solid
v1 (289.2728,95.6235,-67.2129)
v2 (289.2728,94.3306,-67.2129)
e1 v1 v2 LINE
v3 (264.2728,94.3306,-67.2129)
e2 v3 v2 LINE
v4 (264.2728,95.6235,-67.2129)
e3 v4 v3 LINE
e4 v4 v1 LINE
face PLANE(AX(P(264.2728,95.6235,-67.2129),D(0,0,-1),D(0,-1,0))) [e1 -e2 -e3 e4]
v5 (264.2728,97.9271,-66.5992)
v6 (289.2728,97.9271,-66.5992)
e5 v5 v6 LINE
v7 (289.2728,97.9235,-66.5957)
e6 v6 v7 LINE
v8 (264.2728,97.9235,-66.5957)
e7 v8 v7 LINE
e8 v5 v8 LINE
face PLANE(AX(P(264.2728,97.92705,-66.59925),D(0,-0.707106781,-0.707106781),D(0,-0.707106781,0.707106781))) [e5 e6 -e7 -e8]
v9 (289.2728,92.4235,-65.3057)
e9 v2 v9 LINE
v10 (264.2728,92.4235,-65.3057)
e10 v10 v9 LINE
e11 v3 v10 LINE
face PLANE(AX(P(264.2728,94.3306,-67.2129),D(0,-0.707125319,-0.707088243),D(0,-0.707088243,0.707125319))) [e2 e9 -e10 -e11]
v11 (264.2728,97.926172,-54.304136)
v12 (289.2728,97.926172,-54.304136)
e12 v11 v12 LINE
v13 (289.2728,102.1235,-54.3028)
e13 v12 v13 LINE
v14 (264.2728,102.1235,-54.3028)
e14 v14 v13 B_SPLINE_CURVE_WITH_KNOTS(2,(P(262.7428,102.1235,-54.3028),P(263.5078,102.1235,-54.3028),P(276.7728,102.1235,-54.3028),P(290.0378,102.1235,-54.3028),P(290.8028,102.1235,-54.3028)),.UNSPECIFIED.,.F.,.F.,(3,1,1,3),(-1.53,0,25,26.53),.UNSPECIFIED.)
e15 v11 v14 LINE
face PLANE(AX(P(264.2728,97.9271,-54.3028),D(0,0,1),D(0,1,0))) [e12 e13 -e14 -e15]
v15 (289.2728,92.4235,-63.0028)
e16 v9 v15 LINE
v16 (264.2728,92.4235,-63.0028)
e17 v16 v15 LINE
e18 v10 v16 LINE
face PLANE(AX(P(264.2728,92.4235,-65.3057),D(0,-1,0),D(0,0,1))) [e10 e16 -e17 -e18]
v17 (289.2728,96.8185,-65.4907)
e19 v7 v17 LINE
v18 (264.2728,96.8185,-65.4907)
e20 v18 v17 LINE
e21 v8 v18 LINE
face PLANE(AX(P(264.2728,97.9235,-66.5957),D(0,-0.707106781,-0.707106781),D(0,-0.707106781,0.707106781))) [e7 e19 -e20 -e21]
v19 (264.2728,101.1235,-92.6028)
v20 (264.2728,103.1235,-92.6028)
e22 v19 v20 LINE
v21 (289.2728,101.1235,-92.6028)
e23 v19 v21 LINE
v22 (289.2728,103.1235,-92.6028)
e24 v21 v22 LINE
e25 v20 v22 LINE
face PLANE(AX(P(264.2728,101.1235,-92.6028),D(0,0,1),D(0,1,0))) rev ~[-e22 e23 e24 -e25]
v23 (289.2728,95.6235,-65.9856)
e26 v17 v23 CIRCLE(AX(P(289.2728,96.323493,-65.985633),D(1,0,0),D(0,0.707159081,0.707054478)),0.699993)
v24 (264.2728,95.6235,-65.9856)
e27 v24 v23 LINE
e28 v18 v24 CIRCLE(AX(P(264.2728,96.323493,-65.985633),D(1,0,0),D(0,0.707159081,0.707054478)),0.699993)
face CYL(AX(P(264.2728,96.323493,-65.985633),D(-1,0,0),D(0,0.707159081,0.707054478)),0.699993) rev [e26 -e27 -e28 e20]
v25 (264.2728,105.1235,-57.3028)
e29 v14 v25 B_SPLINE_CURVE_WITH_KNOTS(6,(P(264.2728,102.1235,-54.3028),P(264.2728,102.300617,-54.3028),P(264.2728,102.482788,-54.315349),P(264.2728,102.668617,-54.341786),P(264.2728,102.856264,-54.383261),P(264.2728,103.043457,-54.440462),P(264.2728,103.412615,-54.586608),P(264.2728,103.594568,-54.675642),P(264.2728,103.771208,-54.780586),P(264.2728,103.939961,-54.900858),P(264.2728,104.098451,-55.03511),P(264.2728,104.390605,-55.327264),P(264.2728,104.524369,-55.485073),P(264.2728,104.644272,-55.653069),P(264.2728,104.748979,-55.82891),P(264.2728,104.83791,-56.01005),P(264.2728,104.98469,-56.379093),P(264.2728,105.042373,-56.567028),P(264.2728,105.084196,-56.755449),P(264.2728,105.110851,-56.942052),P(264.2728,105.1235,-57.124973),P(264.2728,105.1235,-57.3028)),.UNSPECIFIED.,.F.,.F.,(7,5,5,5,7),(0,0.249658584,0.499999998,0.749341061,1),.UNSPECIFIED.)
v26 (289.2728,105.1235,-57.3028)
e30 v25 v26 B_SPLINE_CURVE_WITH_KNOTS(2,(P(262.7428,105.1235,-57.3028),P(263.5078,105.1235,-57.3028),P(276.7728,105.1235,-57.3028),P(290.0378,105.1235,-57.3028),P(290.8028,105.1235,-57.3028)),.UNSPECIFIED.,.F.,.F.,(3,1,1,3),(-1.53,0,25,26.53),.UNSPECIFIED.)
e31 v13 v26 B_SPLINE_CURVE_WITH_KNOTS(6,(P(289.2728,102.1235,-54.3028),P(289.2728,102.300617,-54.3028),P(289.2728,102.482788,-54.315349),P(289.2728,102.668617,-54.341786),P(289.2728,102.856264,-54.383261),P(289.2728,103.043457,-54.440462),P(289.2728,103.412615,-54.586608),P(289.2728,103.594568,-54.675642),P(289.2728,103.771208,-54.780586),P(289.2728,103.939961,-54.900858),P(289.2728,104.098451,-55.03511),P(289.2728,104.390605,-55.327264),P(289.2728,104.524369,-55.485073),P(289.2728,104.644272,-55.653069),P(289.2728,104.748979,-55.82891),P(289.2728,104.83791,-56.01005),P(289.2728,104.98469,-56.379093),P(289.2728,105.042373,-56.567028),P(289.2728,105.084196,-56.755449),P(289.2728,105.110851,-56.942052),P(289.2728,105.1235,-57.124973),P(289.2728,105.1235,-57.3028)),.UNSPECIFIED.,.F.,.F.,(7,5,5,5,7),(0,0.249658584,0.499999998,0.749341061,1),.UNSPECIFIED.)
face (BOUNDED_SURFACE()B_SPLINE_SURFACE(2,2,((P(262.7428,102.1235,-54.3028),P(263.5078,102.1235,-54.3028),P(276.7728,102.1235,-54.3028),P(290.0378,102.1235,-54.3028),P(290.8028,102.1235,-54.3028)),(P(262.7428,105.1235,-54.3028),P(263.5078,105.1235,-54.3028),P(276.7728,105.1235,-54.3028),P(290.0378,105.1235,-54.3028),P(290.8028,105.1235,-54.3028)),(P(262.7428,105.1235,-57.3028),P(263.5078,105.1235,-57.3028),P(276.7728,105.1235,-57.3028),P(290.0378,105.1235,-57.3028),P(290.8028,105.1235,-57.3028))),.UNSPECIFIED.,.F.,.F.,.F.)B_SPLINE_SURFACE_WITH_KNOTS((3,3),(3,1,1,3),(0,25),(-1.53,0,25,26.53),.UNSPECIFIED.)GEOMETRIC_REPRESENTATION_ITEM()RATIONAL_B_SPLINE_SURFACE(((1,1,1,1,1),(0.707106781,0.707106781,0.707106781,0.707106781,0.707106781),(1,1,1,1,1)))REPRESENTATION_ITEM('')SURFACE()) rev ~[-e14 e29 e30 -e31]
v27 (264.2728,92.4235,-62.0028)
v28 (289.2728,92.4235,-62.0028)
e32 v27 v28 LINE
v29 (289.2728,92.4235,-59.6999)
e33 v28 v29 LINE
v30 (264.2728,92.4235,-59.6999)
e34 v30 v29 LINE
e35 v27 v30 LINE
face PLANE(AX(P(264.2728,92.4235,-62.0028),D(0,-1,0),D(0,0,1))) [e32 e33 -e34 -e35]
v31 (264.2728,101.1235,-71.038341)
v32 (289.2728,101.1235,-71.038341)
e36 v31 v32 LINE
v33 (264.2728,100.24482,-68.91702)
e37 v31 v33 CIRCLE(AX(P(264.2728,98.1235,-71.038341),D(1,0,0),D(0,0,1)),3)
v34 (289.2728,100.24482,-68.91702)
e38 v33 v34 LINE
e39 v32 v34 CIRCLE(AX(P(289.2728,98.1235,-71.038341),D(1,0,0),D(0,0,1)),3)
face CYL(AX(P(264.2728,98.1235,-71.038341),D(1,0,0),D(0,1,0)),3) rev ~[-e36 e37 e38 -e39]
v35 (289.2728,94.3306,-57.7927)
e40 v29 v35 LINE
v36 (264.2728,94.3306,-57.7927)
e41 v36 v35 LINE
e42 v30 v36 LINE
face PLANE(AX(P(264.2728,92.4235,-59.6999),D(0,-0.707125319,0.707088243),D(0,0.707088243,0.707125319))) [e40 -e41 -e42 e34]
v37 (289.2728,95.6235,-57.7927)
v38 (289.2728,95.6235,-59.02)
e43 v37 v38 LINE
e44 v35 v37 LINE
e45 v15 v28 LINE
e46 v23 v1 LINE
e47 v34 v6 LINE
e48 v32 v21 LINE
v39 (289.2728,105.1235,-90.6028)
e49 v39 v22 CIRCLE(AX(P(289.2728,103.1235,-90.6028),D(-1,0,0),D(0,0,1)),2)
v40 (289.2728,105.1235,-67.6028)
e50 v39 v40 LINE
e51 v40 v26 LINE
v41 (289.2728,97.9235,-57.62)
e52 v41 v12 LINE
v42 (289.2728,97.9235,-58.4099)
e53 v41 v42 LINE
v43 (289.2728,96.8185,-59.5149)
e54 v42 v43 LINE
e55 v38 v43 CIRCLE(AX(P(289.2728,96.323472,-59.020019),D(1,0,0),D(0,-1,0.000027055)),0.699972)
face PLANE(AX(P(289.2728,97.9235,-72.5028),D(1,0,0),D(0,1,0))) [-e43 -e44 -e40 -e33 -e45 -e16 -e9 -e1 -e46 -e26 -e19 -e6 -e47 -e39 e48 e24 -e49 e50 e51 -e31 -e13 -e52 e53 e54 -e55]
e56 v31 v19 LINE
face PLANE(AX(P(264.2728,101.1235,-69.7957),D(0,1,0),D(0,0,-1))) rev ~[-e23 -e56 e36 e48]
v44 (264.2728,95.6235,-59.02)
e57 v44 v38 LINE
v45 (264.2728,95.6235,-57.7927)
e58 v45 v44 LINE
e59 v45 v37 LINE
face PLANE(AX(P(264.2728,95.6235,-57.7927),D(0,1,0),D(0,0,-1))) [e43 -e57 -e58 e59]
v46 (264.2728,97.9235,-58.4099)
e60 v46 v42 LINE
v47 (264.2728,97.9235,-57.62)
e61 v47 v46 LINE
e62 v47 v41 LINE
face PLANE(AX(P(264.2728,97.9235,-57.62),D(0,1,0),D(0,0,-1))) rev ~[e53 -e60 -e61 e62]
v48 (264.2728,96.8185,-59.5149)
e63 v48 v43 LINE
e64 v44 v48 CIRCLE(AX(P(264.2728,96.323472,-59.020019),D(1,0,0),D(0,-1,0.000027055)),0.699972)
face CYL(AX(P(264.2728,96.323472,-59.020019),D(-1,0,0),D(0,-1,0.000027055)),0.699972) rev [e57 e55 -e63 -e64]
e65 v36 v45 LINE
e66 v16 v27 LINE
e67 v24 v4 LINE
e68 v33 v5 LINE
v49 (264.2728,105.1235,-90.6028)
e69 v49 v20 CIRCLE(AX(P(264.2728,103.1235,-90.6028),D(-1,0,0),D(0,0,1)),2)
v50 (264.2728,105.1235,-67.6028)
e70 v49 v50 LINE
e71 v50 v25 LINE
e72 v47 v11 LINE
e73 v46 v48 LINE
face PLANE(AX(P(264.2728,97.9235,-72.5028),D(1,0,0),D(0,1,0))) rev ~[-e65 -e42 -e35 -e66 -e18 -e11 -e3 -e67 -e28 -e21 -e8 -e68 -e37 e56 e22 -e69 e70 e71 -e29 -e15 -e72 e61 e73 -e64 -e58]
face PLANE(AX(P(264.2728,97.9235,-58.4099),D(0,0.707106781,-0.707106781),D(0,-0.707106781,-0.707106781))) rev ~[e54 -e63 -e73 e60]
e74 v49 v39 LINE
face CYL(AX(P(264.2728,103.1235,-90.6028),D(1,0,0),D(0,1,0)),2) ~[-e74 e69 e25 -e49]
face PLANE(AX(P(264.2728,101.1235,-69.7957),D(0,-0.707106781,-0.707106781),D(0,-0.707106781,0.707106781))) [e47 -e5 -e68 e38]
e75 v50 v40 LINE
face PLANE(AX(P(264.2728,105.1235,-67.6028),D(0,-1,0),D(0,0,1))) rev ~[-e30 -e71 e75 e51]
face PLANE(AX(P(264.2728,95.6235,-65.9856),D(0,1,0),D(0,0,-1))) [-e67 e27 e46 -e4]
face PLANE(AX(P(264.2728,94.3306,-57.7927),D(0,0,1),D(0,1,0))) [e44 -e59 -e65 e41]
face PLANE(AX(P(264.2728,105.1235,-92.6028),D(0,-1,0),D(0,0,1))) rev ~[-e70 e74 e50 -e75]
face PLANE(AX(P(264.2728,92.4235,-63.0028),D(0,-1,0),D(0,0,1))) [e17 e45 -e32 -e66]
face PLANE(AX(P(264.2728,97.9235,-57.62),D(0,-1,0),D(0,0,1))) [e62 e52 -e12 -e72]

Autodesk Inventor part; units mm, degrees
ref_plane "YZ Plane" through (0, 0, 0) normal (1, 0, 0) x (0, 1, 0)
ref_plane "XZ Plane" through (0, 0, 0) normal (0, 1, 0) x (-1, 0, 0)
ref_plane "Work Plane3" through (264.2728, 97.9235, -72.5028) normal (1, 0, 0) x (0, 1, 0)
sketch "Sketch1" plane through (264.2728, 97.9235, -72.5028) normal (1, 0, 0) x (0, 1, 0)
  line L0 (-1.8, 13.4828) -> (-1.8, 15.2101) projected
  line L1 (-1.8, 15.2101) -> (-3.8, 15.2101) projected
  line L2 (-3.8, 15.2101) -> (-6, 13.0101) projected
  line L3 (-6, 13.0101) -> (-6, 10.5) projected
  line L4 (-6, 9.5) -> (-6, 6.9899) projected
  line L5 (-6, 6.9899) -> (-3.8, 4.7899) projected
  line L6 (-3.8, 4.7899) -> (-1.8, 4.7899) projected
  line L7 (-1.8, 4.7899) -> (-1.8, 6.5172) projected
  line L8 (-6, 9.5) -> (-6, 10.5)
  line L9 (-0.0586, 14.7414) -> (-1.4586, 13.3414) projected
  arc A0 (-1.8, 13.4828) -> (-1.4586, 13.3414) centre (-1.6, 13.4828) ccw projected
  arc A1 (-1.4586, 6.6586) -> (-1.8, 6.5172) centre (-1.6, 6.5172) ccw projected
  line L10 (-1.4586, 6.6586) -> (-0.0586, 5.2586) projected
  line L11 (3.2, 2.7071) -> (-1.105, 7.0121)
  arc A2 (-1.105, 7.0121) -> (-2.3, 6.5172) centre (-1.6, 6.5172) ccw
  line L12 (-2.3, 6.5172) -> (-2.3, 5.2899)
  line L13 (-2.3, 5.2899) -> (-3.5929, 5.2899)
  line L14 (-3.5929, 5.2899) -> (-5.5, 7.1971)
  line L15 (-5.5, 7.1971) -> (-5.5, 9.5)
  line L16 (-5.5, 9.5) -> (-5.5, 10.5)
  line L17 (-5.5, 10.5) -> (-5.5, 12.8029)
  line L18 (-5.5, 12.8029) -> (-3.5929, 14.7101)
  line L19 (-3.5929, 14.7101) -> (-2.3, 14.7101)
  line L20 (-2.3, 14.7101) -> (-2.3, 13.4828)
  arc A3 (-2.3, 13.4828) -> (-1.105, 12.9879) centre (-1.6, 13.4828) ccw
  arc A4 (-0.2, 0) -> (0, 0.2) centre (-0.2, 0.2) ccw projected
  line L21 (0, 0.2) -> (0, 5.1172) projected
  arc A5 (0, 5.1172) -> (-0.0586, 5.2586) centre (-0.2, 5.1172) ccw projected
  line L22 (-1.4586, 6.6586) -> (-0.0586, 5.2586) projected
  arc A6 (-1.4586, 6.6586) -> (-1.8, 6.5172) centre (-1.6, 6.5172) ccw projected
  line L23 (-1.8, 4.7899) -> (-1.8, 6.5172) projected
  line L24 (-3.8, 4.7899) -> (-1.8, 4.7899) projected
  line L25 (-6, 6.9899) -> (-3.8, 4.7899) projected
  line L26 (-6, 9.5) -> (-6, 6.9899) projected
  line L27 (-6.5, 10) -> (-6, 9.5) projected
  line L28 (-6, 10.5) -> (-6.5, 10) projected
  line L29 (-6, 13.0101) -> (-6, 10.5) projected
  line L30 (-3.8, 15.2101) -> (-6, 13.0101) projected
  line L31 (-1.8, 15.2101) -> (-3.8, 15.2101) projected
  line L32 (-1.8, 13.4828) -> (-1.8, 15.2101) projected
  arc A7 (-1.8, 13.4828) -> (-1.4586, 13.3414) centre (-1.6, 13.4828) ccw projected
  line L33 (-0.0586, 14.7414) -> (-1.4586, 13.3414) projected
  arc A8 (-0.0586, 14.7414) -> (0, 14.8828) centre (-0.2, 14.8828) ccw projected
  line L34 (0, 14.8828) -> (0, 19.8) projected
  arc A9 (0, 19.8) -> (-0.2, 20) centre (-0.2, 19.8) ccw projected
  line L35 (-0.2, 20) -> (-5.1172, 20) projected
  arc A10 (-5.1172, 20) -> (-5.2586, 19.9414) centre (-5.1172, 19.8) ccw projected
  line L36 (-6.6586, 18.5414) -> (-5.2586, 19.9414) projected
  arc A11 (-6.6586, 18.5414) -> (-6.5172, 18.2) centre (-6.5172, 18.4) ccw projected
  line L37 (-4.7899, 18.2) -> (-6.5172, 18.2) projected
  line L38 (-4.7899, 16.2) -> (-4.7899, 18.2) projected
  line L39 (-6.9899, 14) -> (-4.7899, 16.2) projected
  line L40 (-9.5, 14) -> (-6.9899, 14) projected
  line L41 (-10, 13.5) -> (-9.5, 14) projected
  line L42 (-10.5, 14) -> (-10, 13.5) projected
  line L43 (-13.0101, 14) -> (-10.5, 14) projected
  line L44 (-15.2101, 16.2) -> (-13.0101, 14) projected
  line L45 (-15.2101, 18.2) -> (-15.2101, 16.2) projected
  line L46 (-13.4828, 18.2) -> (-15.2101, 18.2) projected
  arc A12 (-13.4828, 18.2) -> (-13.3414, 18.5414) centre (-13.4828, 18.4) ccw projected
  line L47 (-14.7414, 19.9414) -> (-13.3414, 18.5414) projected
  arc A13 (-14.7414, 19.9414) -> (-14.8828, 20) centre (-14.8828, 19.8) ccw projected
  line L48 (-14.8828, 20) -> (-19.8, 20) projected
  arc A14 (-19.8, 20) -> (-20, 19.8) centre (-19.8, 19.8) ccw projected
  line L49 (-20, 14.8828) -> (-20, 19.8) projected
  arc A15 (-20, 14.8828) -> (-19.9414, 14.7414) centre (-19.8, 14.8828) ccw projected
  line L50 (-18.5414, 13.3414) -> (-19.9414, 14.7414) projected
  arc A16 (-18.5414, 13.3414) -> (-18.2, 13.4828) centre (-18.4, 13.4828) ccw projected
  line L51 (-18.2, 15.2101) -> (-18.2, 13.4828) projected
  line L52 (-16.2, 15.2101) -> (-18.2, 15.2101) projected
  line L53 (-14, 13.0101) -> (-16.2, 15.2101) projected
  line L54 (-14, 10.5) -> (-14, 13.0101) projected
  line L55 (-13.5, 10) -> (-14, 10.5) projected
  line L56 (-14, 9.5) -> (-13.5, 10) projected
  line L57 (-14, 6.9899) -> (-14, 9.5) projected
  line L58 (-16.2, 4.7899) -> (-14, 6.9899) projected
  line L59 (-18.2, 4.7899) -> (-16.2, 4.7899) projected
  line L60 (-18.2, 6.5172) -> (-18.2, 4.7899) projected
  arc A17 (-18.2, 6.5172) -> (-18.5414, 6.6586) centre (-18.4, 6.5172) ccw projected
  line L61 (-19.9414, 5.2586) -> (-18.5414, 6.6586) projected
  arc A18 (-19.9414, 5.2586) -> (-20, 5.1172) centre (-19.8, 5.1172) ccw projected
  line L62 (-20, 0.2) -> (-20, 5.1172) projected
  arc A19 (-20, 0.2) -> (-19.8, 0) centre (-19.8, 0.2) ccw projected
  line L63 (-14.8828, 0) -> (-19.8, 0) projected
  arc A20 (-14.8828, 0) -> (-14.7414, 0.0586) centre (-14.8828, 0.2) ccw projected
  line L64 (-13.3414, 1.4586) -> (-14.7414, 0.0586) projected
  arc A21 (-13.3414, 1.4586) -> (-13.4828, 1.8) centre (-13.4828, 1.6) ccw projected
  line L65 (-15.2101, 1.8) -> (-13.4828, 1.8) projected
  line L66 (-15.2101, 3.8) -> (-15.2101, 1.8) projected
  line L67 (-13.0101, 6) -> (-15.2101, 3.8) projected
  line L68 (-10.5, 6) -> (-13.0101, 6) projected
  line L69 (-10, 6.5) -> (-10.5, 6) projected
  line L70 (-9.5, 6) -> (-10, 6.5) projected
  line L71 (-6.9899, 6) -> (-9.5, 6) projected
  line L72 (-4.7899, 3.8) -> (-6.9899, 6) projected
  line L73 (-4.7899, 1.8) -> (-4.7899, 3.8) projected
  line L74 (-6.5172, 1.8) -> (-4.7899, 1.8) projected
  arc A22 (-6.5172, 1.8) -> (-6.6586, 1.4586) centre (-6.5172, 1.6) ccw projected
  line L75 (-5.2586, 0.0586) -> (-6.6586, 1.4586) projected
  arc A23 (-5.2586, 0.0586) -> (-5.1172, 0) centre (-5.1172, 0.2) ccw projected
  line L76 (-0.2, 0) -> (-5.1172, 0) projected
  circle A24 centre (-10, 10) radius 2 projected
  line L77 (0, 5.9071) -> (0, 5.1172)
  line L78 (0.0036, 6) -> (0.0036, 5.9036)
  line L79 (3.2, 2.7071) -> (3.2, -20.1)
  line L80 (0.0036, -20.1) -> (0, -20.1)
  line L81 (0, 1.6971) -> (0, 1.8)
  line L82 (3.2, -20.1) -> (7.2, -20.1)
  line L83 (7.2, -20.1) -> (7.2, 4.9)
  line L84 (7.2, 4.9) -> (7.2, 15.9769)
  line L85 (0, 18.2) -> (7.2, 18.2)
  line L86 (7.2, 18.2) -> (7.2, 15.9769)
  line L87 (0, 18.2) -> (0.0036, 18.1982)
  line L88 (0, 14.8828) -> (0, 14.0929)
  line L89 (0, 14.0929) -> (-1.105, 12.9879)
  dimension "d0" = 0.5
  dimension "d10" = 4
  dimension "d11" = 3.2
extrude "Extrusion1" add sketch "Sketch1" along normal blind 25 contours L34 L85 L86 L84 L83 L82 L79 L11 A2 L12 L13 L14 L15 L16 L17 L18 L19 L20 A3 L89 L88
fillet "Fillet1" radius 3 2 edges at (276.7728, 105.1235, -54.3028) (276.7728, 101.1235, -69.7956)
fillet "Fillet2" radius 2 1 edges at (276.7728, 105.1235, -92.6028)
properties part number "LED Holder"
